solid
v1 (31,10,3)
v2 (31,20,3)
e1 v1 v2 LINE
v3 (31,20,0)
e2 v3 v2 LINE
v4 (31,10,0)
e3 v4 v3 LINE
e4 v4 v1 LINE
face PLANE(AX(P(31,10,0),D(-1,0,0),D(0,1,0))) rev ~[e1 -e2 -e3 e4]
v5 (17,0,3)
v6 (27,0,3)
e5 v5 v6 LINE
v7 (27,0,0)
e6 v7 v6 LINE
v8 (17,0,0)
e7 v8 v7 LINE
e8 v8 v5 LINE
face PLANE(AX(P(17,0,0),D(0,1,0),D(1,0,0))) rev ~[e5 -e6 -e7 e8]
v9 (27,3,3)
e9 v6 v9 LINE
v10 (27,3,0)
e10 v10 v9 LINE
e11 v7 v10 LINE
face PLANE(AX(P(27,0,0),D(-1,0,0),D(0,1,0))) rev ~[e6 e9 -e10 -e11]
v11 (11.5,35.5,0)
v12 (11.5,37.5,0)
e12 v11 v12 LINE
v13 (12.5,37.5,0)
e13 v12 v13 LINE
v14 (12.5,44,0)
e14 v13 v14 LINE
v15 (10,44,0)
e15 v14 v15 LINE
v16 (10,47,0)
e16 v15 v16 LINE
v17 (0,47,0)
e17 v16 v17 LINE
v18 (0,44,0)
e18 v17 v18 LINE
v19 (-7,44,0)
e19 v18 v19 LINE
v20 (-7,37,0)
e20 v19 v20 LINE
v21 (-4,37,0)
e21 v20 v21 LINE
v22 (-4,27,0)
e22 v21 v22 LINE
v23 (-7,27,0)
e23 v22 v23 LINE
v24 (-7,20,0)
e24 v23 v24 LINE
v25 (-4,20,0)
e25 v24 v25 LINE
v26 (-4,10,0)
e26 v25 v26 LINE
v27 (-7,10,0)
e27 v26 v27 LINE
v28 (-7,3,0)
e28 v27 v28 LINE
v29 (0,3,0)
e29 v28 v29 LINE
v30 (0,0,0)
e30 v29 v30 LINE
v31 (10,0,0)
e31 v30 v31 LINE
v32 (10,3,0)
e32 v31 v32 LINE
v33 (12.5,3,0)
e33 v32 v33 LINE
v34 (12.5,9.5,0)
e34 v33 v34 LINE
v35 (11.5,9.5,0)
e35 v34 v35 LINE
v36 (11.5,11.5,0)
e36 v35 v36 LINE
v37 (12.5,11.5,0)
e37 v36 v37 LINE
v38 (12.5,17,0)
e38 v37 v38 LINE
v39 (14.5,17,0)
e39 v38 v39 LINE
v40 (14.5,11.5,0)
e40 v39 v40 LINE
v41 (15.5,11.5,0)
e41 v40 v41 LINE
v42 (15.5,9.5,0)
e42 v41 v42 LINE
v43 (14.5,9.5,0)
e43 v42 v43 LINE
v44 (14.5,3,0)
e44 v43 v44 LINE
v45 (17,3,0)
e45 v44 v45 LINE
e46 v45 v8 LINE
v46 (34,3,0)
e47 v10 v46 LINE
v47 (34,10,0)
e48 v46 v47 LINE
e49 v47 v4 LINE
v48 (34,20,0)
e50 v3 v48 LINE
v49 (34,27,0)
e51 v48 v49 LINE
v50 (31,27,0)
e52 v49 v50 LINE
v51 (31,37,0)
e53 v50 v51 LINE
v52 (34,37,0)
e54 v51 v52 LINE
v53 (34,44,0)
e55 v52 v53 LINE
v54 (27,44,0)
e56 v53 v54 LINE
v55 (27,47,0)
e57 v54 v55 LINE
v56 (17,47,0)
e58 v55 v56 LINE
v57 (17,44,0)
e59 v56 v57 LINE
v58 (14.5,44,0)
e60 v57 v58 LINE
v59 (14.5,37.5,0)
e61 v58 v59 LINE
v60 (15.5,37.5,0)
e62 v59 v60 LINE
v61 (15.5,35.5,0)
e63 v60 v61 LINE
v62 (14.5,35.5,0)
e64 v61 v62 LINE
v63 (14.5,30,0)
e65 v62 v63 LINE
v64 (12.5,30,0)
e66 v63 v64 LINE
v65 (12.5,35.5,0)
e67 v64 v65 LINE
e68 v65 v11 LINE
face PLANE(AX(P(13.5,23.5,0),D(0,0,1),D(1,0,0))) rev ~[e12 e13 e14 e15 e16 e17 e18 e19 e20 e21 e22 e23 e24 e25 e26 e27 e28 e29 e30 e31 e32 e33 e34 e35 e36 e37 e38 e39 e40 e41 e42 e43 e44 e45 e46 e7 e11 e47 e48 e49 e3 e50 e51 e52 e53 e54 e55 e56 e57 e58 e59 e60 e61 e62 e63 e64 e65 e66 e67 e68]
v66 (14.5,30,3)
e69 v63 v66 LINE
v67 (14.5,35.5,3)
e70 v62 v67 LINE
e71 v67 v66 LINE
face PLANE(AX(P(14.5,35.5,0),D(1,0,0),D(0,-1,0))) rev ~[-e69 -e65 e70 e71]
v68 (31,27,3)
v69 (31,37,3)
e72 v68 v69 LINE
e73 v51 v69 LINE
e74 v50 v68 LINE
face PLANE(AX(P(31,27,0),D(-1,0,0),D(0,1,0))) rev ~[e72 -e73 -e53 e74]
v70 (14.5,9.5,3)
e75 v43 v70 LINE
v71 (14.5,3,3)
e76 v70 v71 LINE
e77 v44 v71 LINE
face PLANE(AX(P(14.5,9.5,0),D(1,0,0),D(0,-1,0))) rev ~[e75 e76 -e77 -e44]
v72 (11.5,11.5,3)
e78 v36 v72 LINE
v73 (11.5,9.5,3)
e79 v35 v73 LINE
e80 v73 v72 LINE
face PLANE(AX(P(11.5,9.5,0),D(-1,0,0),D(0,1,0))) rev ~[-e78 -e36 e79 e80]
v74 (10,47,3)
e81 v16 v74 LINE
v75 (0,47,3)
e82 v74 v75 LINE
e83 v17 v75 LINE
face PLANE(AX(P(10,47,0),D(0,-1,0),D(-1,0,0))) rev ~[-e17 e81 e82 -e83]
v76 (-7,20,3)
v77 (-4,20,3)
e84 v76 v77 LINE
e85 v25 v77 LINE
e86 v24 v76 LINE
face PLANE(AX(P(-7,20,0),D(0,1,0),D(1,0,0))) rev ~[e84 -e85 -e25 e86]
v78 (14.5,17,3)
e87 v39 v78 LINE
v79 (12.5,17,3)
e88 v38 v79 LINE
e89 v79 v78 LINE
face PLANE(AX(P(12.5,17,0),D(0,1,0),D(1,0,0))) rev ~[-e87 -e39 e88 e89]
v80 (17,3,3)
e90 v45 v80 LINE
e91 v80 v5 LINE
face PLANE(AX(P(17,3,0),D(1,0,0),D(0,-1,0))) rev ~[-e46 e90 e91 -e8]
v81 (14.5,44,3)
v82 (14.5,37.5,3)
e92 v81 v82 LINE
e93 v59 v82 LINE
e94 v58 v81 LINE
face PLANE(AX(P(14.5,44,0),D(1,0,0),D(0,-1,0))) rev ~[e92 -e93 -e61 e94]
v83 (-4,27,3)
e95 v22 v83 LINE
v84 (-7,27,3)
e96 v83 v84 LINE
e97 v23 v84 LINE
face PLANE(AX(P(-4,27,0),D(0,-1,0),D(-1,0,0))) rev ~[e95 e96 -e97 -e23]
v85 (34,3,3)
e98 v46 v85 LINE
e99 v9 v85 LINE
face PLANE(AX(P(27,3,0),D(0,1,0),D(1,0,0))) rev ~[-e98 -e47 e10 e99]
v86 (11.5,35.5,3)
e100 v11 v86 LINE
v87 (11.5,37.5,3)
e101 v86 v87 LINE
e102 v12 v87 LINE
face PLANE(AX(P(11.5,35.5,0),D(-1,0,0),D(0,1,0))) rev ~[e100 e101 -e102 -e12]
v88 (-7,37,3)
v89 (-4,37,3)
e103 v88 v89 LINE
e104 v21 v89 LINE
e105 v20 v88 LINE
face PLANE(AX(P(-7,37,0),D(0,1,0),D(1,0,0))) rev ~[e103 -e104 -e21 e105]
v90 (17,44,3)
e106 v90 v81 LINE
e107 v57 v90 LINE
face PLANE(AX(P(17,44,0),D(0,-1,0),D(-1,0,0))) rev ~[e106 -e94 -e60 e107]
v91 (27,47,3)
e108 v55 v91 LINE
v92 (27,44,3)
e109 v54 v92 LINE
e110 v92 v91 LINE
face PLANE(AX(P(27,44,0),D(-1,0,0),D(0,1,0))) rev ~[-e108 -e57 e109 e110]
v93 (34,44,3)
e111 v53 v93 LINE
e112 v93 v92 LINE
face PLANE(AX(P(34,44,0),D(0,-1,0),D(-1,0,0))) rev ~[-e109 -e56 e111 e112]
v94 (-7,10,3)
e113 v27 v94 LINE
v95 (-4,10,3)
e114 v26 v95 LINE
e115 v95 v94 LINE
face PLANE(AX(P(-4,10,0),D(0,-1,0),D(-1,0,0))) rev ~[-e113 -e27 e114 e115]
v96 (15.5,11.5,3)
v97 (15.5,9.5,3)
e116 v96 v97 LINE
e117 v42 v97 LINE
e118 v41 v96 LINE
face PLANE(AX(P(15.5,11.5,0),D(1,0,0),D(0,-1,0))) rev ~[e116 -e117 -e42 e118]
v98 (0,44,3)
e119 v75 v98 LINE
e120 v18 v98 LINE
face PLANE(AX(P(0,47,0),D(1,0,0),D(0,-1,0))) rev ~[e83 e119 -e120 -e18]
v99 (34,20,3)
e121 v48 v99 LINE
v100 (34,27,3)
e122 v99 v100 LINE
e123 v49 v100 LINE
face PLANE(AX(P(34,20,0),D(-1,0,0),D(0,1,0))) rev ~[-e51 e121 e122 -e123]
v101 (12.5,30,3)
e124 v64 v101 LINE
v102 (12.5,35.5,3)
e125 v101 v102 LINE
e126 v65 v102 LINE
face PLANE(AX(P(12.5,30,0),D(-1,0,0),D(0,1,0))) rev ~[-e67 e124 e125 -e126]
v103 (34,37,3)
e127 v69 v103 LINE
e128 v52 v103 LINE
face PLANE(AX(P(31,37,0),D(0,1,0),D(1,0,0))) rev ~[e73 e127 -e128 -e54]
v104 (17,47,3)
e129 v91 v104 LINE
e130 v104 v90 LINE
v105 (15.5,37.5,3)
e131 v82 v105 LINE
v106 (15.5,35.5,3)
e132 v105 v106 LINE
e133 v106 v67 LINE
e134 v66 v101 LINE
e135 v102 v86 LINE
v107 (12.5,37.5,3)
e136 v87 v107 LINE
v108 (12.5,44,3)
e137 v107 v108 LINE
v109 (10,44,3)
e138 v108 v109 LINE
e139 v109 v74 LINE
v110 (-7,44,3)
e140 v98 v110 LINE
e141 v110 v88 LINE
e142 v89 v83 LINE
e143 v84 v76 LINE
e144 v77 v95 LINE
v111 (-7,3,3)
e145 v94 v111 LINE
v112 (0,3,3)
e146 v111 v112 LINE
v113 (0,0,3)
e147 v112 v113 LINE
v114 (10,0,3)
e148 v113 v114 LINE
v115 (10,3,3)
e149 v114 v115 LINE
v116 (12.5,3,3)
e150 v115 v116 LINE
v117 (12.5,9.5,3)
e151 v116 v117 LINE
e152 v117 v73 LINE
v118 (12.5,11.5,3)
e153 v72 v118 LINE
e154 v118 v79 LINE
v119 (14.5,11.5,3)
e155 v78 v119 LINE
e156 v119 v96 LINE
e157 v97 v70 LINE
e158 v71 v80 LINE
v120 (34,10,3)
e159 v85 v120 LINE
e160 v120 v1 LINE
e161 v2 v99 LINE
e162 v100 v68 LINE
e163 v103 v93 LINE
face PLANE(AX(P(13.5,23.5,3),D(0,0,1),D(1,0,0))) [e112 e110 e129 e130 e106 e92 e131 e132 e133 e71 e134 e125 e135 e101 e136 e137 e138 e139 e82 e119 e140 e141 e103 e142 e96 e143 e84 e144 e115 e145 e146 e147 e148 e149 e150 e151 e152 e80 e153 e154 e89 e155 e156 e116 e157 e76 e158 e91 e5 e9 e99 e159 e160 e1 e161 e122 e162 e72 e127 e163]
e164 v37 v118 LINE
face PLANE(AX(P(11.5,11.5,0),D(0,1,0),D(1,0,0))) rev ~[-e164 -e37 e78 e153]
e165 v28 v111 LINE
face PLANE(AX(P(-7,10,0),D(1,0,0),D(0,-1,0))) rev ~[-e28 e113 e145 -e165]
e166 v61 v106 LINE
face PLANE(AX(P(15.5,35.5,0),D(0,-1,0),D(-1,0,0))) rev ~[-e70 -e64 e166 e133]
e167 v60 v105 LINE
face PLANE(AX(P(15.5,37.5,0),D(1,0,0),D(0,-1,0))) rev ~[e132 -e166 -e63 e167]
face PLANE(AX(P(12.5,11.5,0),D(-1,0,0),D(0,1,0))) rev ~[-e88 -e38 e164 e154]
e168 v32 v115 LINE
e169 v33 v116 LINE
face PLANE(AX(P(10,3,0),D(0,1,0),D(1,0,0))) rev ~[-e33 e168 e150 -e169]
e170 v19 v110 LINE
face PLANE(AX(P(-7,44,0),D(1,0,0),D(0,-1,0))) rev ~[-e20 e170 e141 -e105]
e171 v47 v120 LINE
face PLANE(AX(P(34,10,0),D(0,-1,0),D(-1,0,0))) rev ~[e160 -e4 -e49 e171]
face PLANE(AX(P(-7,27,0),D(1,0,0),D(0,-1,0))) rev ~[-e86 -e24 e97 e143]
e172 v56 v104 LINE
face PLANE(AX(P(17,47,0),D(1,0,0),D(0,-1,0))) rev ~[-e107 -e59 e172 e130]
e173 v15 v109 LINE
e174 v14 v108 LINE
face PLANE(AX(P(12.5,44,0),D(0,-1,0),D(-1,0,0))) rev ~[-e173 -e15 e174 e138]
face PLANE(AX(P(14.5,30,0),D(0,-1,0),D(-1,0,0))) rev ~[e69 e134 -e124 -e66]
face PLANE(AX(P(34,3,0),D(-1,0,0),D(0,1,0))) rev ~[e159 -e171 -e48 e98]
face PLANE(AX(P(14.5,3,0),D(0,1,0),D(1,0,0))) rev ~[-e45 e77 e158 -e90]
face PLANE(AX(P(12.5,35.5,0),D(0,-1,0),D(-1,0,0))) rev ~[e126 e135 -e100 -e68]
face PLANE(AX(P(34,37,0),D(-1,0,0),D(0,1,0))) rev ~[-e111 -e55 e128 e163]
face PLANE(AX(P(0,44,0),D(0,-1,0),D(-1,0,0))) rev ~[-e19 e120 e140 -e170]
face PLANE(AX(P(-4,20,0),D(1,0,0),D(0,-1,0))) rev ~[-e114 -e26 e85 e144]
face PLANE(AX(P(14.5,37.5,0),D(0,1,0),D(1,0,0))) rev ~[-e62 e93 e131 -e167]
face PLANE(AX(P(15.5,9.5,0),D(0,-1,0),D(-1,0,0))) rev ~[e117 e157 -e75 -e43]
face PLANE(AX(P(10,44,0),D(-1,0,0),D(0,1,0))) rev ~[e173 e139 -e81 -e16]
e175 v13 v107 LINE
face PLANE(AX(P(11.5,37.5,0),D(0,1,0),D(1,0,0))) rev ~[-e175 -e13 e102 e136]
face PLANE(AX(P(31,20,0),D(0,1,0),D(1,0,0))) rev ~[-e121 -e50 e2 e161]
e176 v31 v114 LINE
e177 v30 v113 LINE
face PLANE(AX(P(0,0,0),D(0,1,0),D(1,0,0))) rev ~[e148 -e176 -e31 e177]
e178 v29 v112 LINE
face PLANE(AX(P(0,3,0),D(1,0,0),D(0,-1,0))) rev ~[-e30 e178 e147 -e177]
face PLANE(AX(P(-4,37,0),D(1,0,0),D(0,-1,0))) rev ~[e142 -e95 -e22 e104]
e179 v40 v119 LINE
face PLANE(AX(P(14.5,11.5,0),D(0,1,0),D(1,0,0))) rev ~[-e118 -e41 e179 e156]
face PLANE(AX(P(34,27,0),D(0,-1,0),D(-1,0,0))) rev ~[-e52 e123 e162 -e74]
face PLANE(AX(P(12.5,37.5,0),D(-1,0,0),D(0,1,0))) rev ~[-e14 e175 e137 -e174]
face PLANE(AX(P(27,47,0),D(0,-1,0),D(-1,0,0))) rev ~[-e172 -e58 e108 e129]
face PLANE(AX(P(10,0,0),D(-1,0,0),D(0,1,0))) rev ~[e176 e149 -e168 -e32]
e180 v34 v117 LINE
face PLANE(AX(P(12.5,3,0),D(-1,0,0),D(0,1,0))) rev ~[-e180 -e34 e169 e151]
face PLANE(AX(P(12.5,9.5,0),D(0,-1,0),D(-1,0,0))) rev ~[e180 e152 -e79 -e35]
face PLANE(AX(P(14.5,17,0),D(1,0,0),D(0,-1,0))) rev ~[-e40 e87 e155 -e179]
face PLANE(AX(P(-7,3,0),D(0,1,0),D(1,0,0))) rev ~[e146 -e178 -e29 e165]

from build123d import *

# Parameters (mm, degrees)
F1_DEPTH = 3


with BuildPart() as f1:
    # F0 (on Top) → F1 (new body)
    with BuildSketch(Plane.XY):
        Polygon((0, 3), (0, 0), (10, 0), (10, 3), (12.5, 3), (12.5, 9.5), (11.5, 9.5), (11.5, 11.5), (12.5, 11.5), (12.5, 17), (14.5, 17), (14.5, 11.5), (15.5, 11.5), (15.5, 9.5), (14.5, 9.5), (14.5, 3), (17, 3), (17, 0), (27, 0), (27, 3), (34, 3), (34, 10), (31, 10), (31, 20), (34, 20), (34, 27), (31, 27), (31, 37), (34, 37), (34, 44), (27, 44), (27, 47), (17, 47), (17, 44), (14.5, 44), (14.5, 37.5), (15.5, 37.5), (15.5, 35.5), (14.5, 35.5), (14.5, 30), (12.5, 30), (12.5, 35.5), (11.5, 35.5), (11.5, 37.5), (12.5, 37.5), (12.5, 44), (10, 44), (10, 47), (0, 47), (0, 44), (-7, 44), (-7, 37), (-4, 37), (-4, 27), (-7, 27), (-7, 20), (-4, 20), (-4, 10), (-7, 10), (-7, 3), align=None)
    extrude(amount=F1_DEPTH)


solid = f1.part
